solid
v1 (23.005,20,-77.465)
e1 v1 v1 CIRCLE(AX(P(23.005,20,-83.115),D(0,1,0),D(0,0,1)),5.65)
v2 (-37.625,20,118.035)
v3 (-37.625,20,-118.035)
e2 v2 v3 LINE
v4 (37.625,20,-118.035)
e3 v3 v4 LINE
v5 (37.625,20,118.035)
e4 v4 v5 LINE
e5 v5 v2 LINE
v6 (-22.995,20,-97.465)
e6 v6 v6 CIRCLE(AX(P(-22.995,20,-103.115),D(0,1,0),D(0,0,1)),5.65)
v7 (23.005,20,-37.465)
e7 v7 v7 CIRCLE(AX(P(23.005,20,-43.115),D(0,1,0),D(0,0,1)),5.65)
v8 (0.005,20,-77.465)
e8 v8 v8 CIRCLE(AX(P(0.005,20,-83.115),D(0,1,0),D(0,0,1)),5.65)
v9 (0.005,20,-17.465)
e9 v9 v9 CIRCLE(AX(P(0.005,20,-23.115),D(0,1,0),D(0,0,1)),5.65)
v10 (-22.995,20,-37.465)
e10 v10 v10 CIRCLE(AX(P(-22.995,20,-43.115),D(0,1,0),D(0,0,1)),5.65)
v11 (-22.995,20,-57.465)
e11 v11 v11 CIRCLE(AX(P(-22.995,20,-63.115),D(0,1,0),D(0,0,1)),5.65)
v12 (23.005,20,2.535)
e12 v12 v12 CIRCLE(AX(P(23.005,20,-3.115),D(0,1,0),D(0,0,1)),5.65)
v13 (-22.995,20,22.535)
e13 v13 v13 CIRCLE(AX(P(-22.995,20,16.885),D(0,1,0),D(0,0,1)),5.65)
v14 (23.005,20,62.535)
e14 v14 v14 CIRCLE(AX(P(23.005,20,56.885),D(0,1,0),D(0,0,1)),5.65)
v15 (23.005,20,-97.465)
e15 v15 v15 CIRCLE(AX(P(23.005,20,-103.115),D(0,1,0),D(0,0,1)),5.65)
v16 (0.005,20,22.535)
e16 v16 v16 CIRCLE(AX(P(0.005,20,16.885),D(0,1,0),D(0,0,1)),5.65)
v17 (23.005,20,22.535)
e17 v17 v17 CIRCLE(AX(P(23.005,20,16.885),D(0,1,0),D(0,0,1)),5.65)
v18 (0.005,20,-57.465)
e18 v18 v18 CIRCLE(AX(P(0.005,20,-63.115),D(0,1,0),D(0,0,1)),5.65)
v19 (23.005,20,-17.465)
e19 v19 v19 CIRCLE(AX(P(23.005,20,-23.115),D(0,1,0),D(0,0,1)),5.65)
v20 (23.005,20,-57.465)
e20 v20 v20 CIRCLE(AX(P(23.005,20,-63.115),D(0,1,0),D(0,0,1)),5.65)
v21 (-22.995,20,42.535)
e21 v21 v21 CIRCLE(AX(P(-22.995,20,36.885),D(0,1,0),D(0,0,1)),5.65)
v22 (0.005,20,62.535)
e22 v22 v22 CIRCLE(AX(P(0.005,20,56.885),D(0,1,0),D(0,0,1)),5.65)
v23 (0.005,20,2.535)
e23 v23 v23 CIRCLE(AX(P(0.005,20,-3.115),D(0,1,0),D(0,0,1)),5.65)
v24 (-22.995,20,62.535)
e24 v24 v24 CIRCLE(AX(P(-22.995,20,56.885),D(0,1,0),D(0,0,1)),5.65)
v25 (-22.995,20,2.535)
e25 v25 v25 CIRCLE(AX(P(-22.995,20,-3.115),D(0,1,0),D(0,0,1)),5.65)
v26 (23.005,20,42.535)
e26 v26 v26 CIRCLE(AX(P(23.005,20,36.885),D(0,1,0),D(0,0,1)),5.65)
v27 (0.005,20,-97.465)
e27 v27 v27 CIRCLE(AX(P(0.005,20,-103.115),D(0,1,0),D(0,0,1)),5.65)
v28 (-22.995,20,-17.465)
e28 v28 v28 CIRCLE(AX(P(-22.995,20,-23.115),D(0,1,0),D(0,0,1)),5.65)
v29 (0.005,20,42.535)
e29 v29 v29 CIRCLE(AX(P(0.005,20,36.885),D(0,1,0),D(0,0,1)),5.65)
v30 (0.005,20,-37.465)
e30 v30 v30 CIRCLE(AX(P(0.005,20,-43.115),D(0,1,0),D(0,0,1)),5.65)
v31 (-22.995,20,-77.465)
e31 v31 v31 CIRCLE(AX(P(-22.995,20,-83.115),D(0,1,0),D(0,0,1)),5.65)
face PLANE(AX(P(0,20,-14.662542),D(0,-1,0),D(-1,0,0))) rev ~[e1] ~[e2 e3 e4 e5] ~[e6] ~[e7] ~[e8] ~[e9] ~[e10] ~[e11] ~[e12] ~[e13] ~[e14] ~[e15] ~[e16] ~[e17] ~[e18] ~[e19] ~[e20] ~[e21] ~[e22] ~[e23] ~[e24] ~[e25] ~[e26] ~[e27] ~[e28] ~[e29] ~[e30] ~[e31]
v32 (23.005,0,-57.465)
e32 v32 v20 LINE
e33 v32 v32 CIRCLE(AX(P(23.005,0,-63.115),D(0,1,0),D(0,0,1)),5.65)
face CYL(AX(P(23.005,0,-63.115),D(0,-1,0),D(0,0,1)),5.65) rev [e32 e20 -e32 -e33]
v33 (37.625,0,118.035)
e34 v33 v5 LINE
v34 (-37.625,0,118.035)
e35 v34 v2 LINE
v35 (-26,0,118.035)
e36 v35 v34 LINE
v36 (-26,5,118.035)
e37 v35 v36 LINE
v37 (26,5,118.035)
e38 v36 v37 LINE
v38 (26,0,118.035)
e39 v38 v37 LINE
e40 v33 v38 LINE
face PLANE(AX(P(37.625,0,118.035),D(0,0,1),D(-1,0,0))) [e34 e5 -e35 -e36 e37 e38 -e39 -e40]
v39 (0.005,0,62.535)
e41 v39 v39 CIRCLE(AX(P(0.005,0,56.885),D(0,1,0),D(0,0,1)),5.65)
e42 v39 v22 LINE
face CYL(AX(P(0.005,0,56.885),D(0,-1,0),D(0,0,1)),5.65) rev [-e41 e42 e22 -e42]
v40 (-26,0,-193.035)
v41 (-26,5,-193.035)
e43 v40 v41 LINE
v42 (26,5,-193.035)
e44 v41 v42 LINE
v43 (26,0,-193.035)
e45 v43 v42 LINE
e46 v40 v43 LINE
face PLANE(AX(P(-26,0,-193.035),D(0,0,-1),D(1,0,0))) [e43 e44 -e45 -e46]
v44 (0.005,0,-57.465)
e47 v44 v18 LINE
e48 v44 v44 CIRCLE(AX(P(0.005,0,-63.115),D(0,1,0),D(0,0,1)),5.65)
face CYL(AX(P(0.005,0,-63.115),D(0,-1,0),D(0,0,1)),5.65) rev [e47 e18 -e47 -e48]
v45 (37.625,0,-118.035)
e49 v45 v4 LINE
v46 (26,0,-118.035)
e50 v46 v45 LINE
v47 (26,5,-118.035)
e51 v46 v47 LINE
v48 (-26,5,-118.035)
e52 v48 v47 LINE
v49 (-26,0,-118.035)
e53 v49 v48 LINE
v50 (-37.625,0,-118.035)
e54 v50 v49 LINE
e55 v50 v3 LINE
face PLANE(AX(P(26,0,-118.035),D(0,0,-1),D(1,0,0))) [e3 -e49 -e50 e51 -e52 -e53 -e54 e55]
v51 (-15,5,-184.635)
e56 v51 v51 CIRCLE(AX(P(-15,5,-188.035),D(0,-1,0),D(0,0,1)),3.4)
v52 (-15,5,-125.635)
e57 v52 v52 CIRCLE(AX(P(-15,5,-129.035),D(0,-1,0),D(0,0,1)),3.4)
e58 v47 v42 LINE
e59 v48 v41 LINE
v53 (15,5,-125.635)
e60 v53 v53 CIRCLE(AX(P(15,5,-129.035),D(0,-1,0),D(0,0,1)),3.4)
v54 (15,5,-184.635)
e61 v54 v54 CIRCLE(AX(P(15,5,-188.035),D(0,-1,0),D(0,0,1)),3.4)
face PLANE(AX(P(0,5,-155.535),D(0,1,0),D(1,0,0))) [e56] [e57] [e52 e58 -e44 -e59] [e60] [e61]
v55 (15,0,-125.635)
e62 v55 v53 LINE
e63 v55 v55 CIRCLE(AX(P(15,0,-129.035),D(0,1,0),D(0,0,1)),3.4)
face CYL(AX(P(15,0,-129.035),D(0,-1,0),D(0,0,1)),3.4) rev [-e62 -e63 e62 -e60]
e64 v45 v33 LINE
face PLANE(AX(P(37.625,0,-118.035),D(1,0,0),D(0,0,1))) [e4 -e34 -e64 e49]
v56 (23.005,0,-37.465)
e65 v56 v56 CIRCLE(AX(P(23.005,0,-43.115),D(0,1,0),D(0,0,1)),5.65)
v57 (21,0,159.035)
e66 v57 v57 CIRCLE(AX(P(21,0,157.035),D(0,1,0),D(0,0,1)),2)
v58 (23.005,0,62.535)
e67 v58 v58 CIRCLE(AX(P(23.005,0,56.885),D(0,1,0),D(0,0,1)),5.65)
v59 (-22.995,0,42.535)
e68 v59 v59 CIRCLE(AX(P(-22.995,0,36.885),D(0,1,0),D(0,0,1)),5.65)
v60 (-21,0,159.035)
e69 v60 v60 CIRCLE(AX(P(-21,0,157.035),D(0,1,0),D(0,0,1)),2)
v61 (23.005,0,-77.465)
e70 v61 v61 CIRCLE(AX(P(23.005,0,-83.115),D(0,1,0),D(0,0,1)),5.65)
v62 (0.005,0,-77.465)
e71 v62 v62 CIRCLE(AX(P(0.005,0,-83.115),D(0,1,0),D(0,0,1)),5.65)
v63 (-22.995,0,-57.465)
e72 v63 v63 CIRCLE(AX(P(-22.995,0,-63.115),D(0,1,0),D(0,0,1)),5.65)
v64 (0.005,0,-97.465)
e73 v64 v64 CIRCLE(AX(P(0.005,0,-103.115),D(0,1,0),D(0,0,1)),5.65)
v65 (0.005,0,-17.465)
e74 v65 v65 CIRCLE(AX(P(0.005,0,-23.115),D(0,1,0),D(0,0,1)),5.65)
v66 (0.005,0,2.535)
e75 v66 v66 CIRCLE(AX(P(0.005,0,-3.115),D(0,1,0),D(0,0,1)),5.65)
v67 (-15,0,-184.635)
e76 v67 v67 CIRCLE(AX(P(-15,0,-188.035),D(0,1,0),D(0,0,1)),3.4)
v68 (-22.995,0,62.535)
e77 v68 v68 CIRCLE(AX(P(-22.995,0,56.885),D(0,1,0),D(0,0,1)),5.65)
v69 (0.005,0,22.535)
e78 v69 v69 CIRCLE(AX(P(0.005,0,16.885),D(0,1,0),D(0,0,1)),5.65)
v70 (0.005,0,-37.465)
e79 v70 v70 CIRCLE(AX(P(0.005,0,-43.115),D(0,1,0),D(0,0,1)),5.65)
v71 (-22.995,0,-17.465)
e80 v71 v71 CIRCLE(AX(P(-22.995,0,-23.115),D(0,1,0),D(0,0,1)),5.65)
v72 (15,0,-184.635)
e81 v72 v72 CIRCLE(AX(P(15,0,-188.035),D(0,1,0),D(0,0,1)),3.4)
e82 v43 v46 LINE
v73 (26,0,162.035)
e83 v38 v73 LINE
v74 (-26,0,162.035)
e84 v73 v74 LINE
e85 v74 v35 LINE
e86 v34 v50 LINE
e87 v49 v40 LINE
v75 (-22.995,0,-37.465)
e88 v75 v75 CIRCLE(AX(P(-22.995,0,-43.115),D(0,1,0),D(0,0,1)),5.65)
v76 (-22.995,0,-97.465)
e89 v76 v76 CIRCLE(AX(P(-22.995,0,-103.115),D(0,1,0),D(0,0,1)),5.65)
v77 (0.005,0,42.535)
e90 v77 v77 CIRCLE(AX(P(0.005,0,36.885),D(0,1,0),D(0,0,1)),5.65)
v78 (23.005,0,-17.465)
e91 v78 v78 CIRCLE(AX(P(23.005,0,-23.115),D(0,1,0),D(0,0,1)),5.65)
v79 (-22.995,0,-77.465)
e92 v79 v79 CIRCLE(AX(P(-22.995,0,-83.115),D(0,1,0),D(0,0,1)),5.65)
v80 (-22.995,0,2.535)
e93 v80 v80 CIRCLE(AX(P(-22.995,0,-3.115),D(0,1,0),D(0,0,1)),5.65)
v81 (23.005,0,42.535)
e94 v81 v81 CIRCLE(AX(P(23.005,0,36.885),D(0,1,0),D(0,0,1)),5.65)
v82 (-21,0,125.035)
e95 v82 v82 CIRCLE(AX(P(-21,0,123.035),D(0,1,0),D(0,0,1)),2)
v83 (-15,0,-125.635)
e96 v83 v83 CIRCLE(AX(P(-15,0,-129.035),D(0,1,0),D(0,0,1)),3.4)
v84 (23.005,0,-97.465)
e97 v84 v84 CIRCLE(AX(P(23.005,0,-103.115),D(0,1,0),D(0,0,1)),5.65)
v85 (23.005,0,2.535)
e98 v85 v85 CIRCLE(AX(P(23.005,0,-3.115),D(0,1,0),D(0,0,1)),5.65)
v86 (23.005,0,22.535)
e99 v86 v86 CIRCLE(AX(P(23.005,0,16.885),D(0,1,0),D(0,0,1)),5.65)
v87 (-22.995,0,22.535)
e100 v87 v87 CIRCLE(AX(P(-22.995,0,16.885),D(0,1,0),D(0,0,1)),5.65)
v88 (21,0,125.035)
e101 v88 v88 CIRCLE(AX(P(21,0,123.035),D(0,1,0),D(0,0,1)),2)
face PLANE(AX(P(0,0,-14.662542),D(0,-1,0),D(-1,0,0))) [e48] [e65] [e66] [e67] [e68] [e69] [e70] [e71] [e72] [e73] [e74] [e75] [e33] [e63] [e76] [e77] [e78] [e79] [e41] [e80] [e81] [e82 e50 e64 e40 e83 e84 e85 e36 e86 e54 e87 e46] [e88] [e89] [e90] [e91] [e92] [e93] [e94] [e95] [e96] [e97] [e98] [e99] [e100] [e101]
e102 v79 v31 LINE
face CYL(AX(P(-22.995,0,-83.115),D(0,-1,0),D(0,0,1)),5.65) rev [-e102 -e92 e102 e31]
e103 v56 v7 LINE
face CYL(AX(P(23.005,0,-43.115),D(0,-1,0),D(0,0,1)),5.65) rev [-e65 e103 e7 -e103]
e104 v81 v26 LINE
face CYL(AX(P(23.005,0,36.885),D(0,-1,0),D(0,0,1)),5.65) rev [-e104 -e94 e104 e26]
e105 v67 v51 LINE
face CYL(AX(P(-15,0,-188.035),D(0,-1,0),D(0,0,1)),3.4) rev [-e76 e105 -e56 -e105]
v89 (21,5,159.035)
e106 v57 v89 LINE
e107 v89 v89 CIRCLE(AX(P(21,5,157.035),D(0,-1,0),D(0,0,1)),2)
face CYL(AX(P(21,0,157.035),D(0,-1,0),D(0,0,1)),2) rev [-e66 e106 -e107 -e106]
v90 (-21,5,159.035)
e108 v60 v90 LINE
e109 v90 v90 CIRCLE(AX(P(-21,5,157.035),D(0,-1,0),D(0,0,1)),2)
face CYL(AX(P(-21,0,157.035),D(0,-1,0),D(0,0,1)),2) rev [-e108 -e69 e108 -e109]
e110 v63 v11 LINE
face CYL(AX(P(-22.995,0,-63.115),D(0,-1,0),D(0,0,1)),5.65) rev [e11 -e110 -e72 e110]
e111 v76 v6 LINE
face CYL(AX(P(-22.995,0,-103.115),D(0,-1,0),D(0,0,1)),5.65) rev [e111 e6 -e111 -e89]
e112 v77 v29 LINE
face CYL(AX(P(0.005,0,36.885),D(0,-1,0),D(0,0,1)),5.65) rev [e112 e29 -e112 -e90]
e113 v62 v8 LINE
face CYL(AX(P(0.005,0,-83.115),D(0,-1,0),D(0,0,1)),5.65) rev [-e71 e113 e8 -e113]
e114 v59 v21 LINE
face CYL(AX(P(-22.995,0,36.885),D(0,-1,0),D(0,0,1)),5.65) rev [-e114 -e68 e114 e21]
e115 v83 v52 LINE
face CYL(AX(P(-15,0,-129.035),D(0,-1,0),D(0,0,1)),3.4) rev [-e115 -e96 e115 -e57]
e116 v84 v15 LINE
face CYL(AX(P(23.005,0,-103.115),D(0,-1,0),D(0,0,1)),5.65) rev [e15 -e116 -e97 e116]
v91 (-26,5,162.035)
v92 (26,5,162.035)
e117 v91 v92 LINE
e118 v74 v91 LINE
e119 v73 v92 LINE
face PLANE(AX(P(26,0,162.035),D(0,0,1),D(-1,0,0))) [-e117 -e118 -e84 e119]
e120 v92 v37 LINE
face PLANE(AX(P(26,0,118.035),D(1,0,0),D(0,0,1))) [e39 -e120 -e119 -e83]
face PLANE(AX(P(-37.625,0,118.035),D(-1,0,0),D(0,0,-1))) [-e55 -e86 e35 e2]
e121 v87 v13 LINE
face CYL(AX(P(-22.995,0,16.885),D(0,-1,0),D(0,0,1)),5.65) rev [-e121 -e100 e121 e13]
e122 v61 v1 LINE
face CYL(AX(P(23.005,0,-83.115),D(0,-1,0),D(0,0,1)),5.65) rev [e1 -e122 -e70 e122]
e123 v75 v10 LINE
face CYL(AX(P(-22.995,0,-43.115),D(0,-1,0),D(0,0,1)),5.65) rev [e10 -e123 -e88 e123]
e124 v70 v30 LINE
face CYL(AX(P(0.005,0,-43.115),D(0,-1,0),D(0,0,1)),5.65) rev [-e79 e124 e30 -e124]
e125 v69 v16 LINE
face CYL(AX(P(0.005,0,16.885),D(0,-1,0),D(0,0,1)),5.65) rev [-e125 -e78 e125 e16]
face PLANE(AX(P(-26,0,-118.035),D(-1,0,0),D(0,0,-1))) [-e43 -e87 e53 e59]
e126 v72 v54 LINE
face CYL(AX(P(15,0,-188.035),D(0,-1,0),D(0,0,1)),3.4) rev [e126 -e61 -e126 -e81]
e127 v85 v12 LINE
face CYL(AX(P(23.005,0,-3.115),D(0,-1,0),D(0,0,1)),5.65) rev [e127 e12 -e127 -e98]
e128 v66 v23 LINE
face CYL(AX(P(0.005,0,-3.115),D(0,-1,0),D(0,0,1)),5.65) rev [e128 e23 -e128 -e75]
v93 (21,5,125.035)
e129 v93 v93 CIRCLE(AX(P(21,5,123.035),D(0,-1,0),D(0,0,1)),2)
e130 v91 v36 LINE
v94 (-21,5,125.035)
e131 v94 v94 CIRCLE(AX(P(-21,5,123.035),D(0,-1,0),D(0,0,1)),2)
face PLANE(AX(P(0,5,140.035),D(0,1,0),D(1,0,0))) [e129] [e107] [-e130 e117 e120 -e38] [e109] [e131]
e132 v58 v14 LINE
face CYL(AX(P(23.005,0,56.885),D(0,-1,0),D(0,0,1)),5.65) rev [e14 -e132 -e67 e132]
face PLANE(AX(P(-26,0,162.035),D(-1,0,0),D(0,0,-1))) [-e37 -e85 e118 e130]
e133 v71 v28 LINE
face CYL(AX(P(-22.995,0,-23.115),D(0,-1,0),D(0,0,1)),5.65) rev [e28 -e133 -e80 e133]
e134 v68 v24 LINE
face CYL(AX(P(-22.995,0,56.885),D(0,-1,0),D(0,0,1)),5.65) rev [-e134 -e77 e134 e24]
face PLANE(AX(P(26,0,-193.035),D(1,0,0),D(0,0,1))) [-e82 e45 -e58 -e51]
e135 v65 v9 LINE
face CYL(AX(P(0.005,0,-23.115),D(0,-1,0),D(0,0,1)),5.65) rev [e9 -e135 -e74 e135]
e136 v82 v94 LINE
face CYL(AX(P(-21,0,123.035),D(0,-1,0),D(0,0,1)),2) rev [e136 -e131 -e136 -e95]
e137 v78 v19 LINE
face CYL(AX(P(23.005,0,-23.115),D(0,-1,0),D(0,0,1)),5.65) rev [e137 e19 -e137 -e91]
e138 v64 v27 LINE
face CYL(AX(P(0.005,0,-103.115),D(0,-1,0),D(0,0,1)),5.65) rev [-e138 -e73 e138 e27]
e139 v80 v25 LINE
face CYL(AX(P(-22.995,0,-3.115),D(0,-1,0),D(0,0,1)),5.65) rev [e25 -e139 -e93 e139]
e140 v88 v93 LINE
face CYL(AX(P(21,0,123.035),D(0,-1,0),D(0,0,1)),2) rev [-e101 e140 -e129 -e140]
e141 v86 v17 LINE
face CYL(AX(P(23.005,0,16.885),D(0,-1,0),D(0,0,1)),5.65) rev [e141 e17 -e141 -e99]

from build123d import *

# Parameters (mm, degrees)
SKETCH1_R           = 2
SKETCH1_R_2         = 3.4
SKETCH1_R_3         = 5.65
BOSS_EXTRUDE1_DEPTH = 20
SKETCH2_W           = 52
SKETCH2_H           = 44
SKETCH2_H_2         = 75
CUT_EXTRUDE1_DEPTH  = 15


with BuildPart() as part:
    # Sketch1 → Boss-Extrude1 (new body)
    with BuildSketch(Plane(origin=(0, 0, 0), x_dir=(1, 0, 0), z_dir=(0, 1, 0))):
        Polygon((26, -118.035), (26, -162.035), (-26, -162.035), (-26, -118.035), (-37.625, -118.035), (-37.625, 118.035), (-26, 118.035), (-26, 193.035), (26, 193.035), (26, 118.035), (37.625, 118.035), (37.625, -118.035), align=None)
        with Locations(Location((-21, -123.035, 0), (0, 0, 270))):
            Circle(SKETCH1_R, mode=Mode.SUBTRACT)
        with Locations(Location((21, -123.035, 0), (0, 0, 270))):
            Circle(SKETCH1_R, mode=Mode.SUBTRACT)
        with Locations(Location((-21, -157.035, 0), (0, 0, 270))):
            Circle(SKETCH1_R, mode=Mode.SUBTRACT)
        with Locations(Location((21, -157.035, 0), (0, 0, 270))):
            Circle(SKETCH1_R, mode=Mode.SUBTRACT)
        with Locations(Location((15, 188.035, 0), (0, 0, 270))):
            Circle(SKETCH1_R_2, mode=Mode.SUBTRACT)
        with Locations(Location((-15, 188.035, 0), (0, 0, 270))):
            Circle(SKETCH1_R_2, mode=Mode.SUBTRACT)
        with Locations(Location((15, 129.035, 0), (0, 0, 270))):
            Circle(SKETCH1_R_2, mode=Mode.SUBTRACT)
        with Locations(Location((-15, 129.035, 0), (0, 0, 270))):
            Circle(SKETCH1_R_2, mode=Mode.SUBTRACT)
        with Locations(Location((-22.995, 103.115, 0), (0, 0, 270))):
            Circle(SKETCH1_R_3, mode=Mode.SUBTRACT)
        with Locations(Location((0.005, 103.115, 0), (0, 0, 270))):
            Circle(SKETCH1_R_3, mode=Mode.SUBTRACT)
        with Locations(Location((23.005, 103.115, 0), (0, 0, 270))):
            Circle(SKETCH1_R_3, mode=Mode.SUBTRACT)
        with Locations(Location((0.005, 83.115, 0), (0, 0, 270))):
            Circle(SKETCH1_R_3, mode=Mode.SUBTRACT)
        with Locations(Location((23.005, 83.115, 0), (0, 0, 270))):
            Circle(SKETCH1_R_3, mode=Mode.SUBTRACT)
        with Locations(Location((0.005, 63.115, 0), (0, 0, 270))):
            Circle(SKETCH1_R_3, mode=Mode.SUBTRACT)
        with Locations(Location((23.005, 63.115, 0), (0, 0, 270))):
            Circle(SKETCH1_R_3, mode=Mode.SUBTRACT)
        with Locations(Location((0.005, 43.115, 0), (0, 0, 270))):
            Circle(SKETCH1_R_3, mode=Mode.SUBTRACT)
        with Locations(Location((23.005, 43.115, 0), (0, 0, 270))):
            Circle(SKETCH1_R_3, mode=Mode.SUBTRACT)
        with Locations(Location((0.005, 23.115, 0), (0, 0, 270))):
            Circle(SKETCH1_R_3, mode=Mode.SUBTRACT)
        with Locations(Location((23.005, 23.115, 0), (0, 0, 270))):
            Circle(SKETCH1_R_3, mode=Mode.SUBTRACT)
        with Locations(Location((0.005, 3.115, 0), (0, 0, 270))):
            Circle(SKETCH1_R_3, mode=Mode.SUBTRACT)
        with Locations(Location((23.005, 3.115, 0), (0, 0, 270))):
            Circle(SKETCH1_R_3, mode=Mode.SUBTRACT)
        with Locations(Location((0.005, -16.885, 0), (0, 0, 270))):
            Circle(SKETCH1_R_3, mode=Mode.SUBTRACT)
        with Locations(Location((23.005, -16.885, 0), (0, 0, 270))):
            Circle(SKETCH1_R_3, mode=Mode.SUBTRACT)
        with Locations(Location((0.005, -36.885, 0), (0, 0, 270))):
            Circle(SKETCH1_R_3, mode=Mode.SUBTRACT)
        with Locations(Location((23.005, -36.885, 0), (0, 0, 270))):
            Circle(SKETCH1_R_3, mode=Mode.SUBTRACT)
        with Locations(Location((0.005, -56.885, 0), (0, 0, 270))):
            Circle(SKETCH1_R_3, mode=Mode.SUBTRACT)
        with Locations(Location((23.005, -56.885, 0), (0, 0, 270))):
            Circle(SKETCH1_R_3, mode=Mode.SUBTRACT)
        with Locations(Location((-22.995, 83.115, 0), (0, 0, 270))):
            Circle(SKETCH1_R_3, mode=Mode.SUBTRACT)
        with Locations(Location((-22.995, 63.115, 0), (0, 0, 270))):
            Circle(SKETCH1_R_3, mode=Mode.SUBTRACT)
        with Locations(Location((-22.995, 43.115, 0), (0, 0, 270))):
            Circle(SKETCH1_R_3, mode=Mode.SUBTRACT)
        with Locations(Location((-22.995, 23.115, 0), (0, 0, 270))):
            Circle(SKETCH1_R_3, mode=Mode.SUBTRACT)
        with Locations(Location((-22.995, 3.115, 0), (0, 0, 270))):
            Circle(SKETCH1_R_3, mode=Mode.SUBTRACT)
        with Locations(Location((-22.995, -16.885, 0), (0, 0, 270))):
            Circle(SKETCH1_R_3, mode=Mode.SUBTRACT)
        with Locations(Location((-22.995, -36.885, 0), (0, 0, 270))):
            Circle(SKETCH1_R_3, mode=Mode.SUBTRACT)
        with Locations(Location((-22.995, -56.885, 0), (0, 0, 270))):
            Circle(SKETCH1_R_3, mode=Mode.SUBTRACT)
    extrude(amount=BOSS_EXTRUDE1_DEPTH)

    # Sketch2 → Cut-Extrude1 (cut)
    with BuildSketch(Plane(origin=(0, 20, 0), x_dir=(1, 0, 0), z_dir=(0, 1, 0))):
        with Locations((0, -140.035)):
            Rectangle(SKETCH2_W, SKETCH2_H)
        with Locations((0, 155.535)):
            Rectangle(SKETCH2_W, SKETCH2_H_2)
    extrude(amount=-CUT_EXTRUDE1_DEPTH, mode=Mode.SUBTRACT)


solid = part.part
